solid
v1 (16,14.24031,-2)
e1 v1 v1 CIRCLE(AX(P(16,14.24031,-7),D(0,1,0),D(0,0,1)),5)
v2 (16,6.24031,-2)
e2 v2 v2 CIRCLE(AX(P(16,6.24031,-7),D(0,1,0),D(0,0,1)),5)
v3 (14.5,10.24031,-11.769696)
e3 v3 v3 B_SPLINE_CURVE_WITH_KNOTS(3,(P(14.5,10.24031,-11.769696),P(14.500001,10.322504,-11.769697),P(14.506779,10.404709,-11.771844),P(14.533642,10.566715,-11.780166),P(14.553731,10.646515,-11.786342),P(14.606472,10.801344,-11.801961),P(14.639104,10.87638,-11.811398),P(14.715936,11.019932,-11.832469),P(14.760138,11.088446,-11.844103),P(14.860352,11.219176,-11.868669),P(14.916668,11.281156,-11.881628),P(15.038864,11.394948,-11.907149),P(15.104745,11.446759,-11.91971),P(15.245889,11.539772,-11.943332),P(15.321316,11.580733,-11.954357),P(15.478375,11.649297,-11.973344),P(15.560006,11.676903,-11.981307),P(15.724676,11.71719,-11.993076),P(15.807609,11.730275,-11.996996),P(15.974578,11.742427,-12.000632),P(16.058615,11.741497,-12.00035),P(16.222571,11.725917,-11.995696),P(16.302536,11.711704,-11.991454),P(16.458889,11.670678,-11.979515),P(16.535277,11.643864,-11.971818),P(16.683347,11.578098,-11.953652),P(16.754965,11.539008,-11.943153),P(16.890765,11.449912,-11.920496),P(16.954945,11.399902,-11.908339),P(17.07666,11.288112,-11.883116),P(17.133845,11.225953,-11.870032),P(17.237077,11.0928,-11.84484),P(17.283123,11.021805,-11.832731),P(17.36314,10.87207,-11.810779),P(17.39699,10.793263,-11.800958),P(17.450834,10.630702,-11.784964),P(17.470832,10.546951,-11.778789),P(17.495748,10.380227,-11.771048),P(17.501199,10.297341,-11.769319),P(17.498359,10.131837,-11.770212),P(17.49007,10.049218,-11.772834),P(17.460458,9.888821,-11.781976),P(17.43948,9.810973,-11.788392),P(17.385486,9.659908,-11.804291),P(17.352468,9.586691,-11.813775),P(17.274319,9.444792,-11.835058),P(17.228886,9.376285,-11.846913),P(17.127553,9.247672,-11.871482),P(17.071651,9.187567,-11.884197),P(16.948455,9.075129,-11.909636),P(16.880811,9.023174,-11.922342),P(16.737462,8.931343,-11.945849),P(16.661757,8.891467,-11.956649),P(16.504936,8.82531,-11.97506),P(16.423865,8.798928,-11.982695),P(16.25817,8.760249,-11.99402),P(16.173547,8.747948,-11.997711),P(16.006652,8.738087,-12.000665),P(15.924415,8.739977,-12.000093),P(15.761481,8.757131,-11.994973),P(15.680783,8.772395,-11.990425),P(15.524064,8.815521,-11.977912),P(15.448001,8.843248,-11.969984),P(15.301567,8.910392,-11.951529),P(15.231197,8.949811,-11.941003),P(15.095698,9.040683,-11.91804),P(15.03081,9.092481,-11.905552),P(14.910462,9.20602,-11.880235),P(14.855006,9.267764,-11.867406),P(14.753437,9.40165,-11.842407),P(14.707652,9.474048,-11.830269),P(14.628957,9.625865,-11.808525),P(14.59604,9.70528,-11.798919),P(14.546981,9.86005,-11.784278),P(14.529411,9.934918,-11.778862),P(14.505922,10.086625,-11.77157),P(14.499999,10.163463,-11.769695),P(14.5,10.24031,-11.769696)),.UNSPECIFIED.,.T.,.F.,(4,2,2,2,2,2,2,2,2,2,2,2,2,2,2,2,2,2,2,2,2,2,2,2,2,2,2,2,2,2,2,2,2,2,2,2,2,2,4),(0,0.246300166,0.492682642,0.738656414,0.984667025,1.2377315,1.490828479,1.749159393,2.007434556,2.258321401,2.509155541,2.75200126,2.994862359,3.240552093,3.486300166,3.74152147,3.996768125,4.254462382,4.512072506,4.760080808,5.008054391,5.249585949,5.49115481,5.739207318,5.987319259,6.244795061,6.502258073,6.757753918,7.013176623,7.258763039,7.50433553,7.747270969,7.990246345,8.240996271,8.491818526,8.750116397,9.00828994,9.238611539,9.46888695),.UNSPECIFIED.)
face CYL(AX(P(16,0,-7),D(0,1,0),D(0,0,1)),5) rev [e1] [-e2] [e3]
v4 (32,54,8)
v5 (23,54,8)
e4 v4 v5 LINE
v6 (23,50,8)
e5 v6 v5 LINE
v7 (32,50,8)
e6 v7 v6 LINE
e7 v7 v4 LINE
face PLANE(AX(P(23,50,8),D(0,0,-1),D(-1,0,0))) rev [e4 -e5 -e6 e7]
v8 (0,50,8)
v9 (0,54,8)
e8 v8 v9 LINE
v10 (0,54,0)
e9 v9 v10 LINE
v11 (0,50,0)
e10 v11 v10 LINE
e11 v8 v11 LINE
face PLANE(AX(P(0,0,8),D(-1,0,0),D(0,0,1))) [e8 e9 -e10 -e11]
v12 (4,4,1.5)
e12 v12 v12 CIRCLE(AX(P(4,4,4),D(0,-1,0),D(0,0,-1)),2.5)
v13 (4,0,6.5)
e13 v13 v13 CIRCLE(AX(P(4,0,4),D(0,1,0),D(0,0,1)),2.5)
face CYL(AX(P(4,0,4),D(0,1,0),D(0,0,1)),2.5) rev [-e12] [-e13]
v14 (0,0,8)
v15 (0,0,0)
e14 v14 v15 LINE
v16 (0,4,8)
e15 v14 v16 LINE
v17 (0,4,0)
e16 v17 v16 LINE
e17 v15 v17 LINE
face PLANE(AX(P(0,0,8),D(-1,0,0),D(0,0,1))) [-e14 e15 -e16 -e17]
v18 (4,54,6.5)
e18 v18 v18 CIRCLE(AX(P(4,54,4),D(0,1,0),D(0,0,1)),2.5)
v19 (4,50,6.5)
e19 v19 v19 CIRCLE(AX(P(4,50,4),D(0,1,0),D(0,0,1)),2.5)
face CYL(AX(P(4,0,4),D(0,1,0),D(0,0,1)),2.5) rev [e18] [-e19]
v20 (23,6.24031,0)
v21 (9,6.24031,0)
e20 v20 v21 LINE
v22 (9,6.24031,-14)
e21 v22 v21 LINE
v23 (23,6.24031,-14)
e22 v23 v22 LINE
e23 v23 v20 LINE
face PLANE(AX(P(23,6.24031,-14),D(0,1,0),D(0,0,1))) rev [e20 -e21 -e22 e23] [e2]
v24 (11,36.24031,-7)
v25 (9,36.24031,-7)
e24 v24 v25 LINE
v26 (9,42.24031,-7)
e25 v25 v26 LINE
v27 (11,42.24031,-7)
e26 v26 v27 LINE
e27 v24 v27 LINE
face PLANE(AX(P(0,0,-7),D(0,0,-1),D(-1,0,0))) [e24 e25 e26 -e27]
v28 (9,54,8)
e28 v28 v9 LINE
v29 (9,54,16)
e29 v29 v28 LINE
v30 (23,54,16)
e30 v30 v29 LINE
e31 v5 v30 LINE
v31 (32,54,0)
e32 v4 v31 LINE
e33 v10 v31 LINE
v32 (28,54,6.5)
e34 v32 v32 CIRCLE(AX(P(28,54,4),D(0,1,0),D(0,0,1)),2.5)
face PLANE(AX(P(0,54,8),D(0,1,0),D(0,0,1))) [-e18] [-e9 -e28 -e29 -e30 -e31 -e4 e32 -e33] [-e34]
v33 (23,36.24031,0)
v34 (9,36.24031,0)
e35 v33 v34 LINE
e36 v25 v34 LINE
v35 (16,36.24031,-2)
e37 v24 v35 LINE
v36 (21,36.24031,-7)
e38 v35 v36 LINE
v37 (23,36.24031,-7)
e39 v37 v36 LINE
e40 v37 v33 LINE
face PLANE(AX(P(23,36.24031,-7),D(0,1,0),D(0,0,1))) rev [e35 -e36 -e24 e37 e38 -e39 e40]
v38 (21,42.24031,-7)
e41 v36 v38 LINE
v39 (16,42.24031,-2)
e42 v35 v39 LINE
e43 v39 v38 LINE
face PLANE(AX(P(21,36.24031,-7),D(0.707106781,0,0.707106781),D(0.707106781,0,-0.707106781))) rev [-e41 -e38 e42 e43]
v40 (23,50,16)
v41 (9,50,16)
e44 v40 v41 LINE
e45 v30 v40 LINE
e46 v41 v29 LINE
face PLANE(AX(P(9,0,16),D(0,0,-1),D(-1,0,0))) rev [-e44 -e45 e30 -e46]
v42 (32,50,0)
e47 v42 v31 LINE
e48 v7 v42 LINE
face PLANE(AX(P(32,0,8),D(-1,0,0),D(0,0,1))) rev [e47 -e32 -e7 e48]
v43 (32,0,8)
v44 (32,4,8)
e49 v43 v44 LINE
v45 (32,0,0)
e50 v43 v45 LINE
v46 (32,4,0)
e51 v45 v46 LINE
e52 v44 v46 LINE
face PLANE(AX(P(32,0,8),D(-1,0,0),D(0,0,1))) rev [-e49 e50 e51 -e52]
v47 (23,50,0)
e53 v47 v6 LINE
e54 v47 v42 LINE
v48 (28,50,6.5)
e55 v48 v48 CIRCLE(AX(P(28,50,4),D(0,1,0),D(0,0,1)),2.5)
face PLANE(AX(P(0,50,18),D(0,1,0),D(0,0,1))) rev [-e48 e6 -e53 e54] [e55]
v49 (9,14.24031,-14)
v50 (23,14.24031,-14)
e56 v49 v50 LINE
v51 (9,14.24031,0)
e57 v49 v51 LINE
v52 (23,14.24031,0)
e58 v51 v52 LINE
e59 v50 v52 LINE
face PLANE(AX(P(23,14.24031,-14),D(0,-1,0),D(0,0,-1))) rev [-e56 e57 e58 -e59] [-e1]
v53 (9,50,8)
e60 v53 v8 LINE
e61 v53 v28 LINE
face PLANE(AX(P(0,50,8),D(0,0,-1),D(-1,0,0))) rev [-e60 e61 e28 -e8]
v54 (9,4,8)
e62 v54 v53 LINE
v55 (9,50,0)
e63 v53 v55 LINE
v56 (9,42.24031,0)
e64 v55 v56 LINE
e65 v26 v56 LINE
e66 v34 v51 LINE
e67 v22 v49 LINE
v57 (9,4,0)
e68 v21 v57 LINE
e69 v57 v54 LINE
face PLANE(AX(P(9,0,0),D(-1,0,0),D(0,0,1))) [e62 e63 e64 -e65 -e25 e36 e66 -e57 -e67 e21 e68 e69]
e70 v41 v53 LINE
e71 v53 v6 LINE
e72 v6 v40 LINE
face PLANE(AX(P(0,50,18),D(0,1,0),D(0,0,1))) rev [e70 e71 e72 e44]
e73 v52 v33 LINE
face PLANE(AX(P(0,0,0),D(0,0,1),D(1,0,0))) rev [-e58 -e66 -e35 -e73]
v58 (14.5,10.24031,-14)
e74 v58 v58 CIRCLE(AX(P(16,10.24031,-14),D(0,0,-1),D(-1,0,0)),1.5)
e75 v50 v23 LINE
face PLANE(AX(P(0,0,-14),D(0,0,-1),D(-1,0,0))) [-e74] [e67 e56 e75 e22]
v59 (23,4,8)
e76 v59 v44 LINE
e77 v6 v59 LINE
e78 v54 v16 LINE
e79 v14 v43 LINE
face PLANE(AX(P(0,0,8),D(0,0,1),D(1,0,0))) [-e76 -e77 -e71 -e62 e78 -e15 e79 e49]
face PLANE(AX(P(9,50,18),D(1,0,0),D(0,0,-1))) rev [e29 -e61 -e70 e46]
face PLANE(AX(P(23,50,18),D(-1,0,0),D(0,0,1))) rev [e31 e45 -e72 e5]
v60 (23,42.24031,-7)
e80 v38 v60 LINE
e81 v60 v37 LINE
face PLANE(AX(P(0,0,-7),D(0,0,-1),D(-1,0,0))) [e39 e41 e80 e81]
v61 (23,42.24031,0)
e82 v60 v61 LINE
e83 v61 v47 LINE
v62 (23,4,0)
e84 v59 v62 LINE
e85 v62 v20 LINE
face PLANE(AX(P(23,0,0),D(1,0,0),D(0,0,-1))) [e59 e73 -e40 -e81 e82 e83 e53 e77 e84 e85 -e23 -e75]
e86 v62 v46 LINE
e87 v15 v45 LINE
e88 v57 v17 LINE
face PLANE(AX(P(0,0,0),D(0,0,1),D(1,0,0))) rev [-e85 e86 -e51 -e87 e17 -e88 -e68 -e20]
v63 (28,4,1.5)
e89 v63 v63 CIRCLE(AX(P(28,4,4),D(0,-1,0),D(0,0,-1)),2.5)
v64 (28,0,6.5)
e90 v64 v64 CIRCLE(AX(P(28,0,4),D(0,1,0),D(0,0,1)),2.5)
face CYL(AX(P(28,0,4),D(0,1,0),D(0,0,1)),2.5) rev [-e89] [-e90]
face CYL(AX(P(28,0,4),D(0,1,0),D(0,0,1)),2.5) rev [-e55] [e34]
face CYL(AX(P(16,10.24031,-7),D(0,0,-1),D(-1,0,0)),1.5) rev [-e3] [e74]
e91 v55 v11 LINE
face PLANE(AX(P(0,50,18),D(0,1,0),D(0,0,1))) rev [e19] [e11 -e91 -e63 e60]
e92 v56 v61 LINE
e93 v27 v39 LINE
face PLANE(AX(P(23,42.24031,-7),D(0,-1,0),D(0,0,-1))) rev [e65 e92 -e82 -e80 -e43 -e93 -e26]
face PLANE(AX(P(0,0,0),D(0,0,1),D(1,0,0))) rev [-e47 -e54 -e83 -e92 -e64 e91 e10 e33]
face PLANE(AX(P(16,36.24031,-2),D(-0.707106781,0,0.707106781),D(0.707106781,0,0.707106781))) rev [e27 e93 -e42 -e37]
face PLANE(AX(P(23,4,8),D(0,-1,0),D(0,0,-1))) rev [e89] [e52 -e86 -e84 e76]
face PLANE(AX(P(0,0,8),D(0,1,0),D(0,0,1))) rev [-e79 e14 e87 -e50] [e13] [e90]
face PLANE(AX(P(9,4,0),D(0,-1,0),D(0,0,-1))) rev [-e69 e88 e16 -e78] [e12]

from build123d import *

# Parameters (mm, degrees)
ESQUISSE1_W             = 32
ESQUISSE1_H             = 54
BOSS_EXTRU_1_DEPTH      = 8
ESQUISSE2_W             = 32
ESQUISSE2_H             = 4
BOSS_EXTRU_2_DEPTH      = 10
ESQUISSE3_W             = 8
ESQUISSE3_H             = 46
ENL_V_MAT_EXTRU_1_DEPTH = 9
ESQUISSE4_W             = 8
ESQUISSE4_H             = 46
ENL_V_MAT_EXTRU_2_DEPTH = 9
ESQUISSE5_R             = 2.5
ENL_V_MAT_EXTRU_3_DEPTH = 54
ESQUISSE6_W             = 14
ESQUISSE6_H             = 8
BOSS_EXTRU_3_DEPTH      = 14
ESQUISSE9_W             = 9
ESQUISSE9_H             = 10
ENL_V_MAT_EXTRU_6_DEPTH = 4
ESQUISSE10_W            = 14
ESQUISSE10_H            = 6
BOSS_EXTRU_4_DEPTH      = 7
ESQUISSE7_R             = 5
ENL_V_MAT_EXTRU_4_DEPTH = 55.118693403
ESQUISSE8_R             = 1.5
ENL_V_MAT_EXTRU_5_DEPTH = 7
ENL_V_MAT_EXTRU_7_DEPTH = 6
ESQUISSE12_W            = 14
ESQUISSE12_H            = 2
ENL_V_MAT_EXTRU_8_DEPTH = 66.299310869


with BuildPart() as part:
    # Esquisse1 → Boss.-Extru.1 (new body)
    with BuildSketch(Plane.XY):
        with Locations((16, 27)):
            Rectangle(ESQUISSE1_W, ESQUISSE1_H)
    extrude(amount=BOSS_EXTRU_1_DEPTH)

    # Esquisse2 → Boss.-Extru.2 (add)
    with BuildSketch(Plane.XY.offset(8)):
        with Locations((16, 52)):
            Rectangle(ESQUISSE2_W, ESQUISSE2_H)
    extrude(amount=BOSS_EXTRU_2_DEPTH)

    # Esquisse3 → Enlèv. mat.-Extru.1 (cut)
    with BuildSketch(Plane(origin=(32, 0, 0), x_dir=(0, 0, -1), z_dir=(1, 0, 0))):
        with Locations((-4, 27)):
            Rectangle(ESQUISSE3_W, ESQUISSE3_H)
    extrude(amount=-ENL_V_MAT_EXTRU_1_DEPTH, mode=Mode.SUBTRACT)

    # Esquisse4 → Enlèv. mat.-Extru.2 (cut)
    with BuildSketch(Plane.ZY):
        with Locations((4, 27)):
            Rectangle(ESQUISSE4_W, ESQUISSE4_H)
    extrude(amount=-ENL_V_MAT_EXTRU_2_DEPTH, mode=Mode.SUBTRACT)

    # Esquisse5 → Enlèv. mat.-Extru.3 (cut)
    with BuildSketch(Plane(origin=(0, 54, 0), x_dir=(1, 0, 0), z_dir=(0, 1, 0))):
        with Locations(Location((4, -4, 0), (0, 0, 270))):
            Circle(ESQUISSE5_R)
        with Locations(Location((28, -4, 0), (0, 0, 270))):
            Circle(ESQUISSE5_R)
    extrude(amount=-ENL_V_MAT_EXTRU_3_DEPTH, mode=Mode.SUBTRACT)

    # Esquisse6 → Boss.-Extru.3 (add)
    with BuildSketch(Plane(origin=(0, 0, 0), x_dir=(-1, 0, 0), z_dir=(0, 0, -1))):
        with Locations((-16, 10.240309664)):
            Rectangle(ESQUISSE6_W, ESQUISSE6_H)
    extrude(amount=BOSS_EXTRU_3_DEPTH)

    # Esquisse9 → Enlèv. mat.-Extru.6 (cut)
    with BuildSketch(Plane(origin=(0, 54, 0), x_dir=(1, 0, 0), z_dir=(0, 1, 0))):
        with Locations((27.5, -13)):
            Rectangle(ESQUISSE9_W, ESQUISSE9_H)
        with Locations((4.5, -13)):
            Rectangle(ESQUISSE9_W, ESQUISSE9_H)
    extrude(amount=-ENL_V_MAT_EXTRU_6_DEPTH, mode=Mode.SUBTRACT)

    # Esquisse10 → Boss.-Extru.4 (add)
    with BuildSketch(Plane(origin=(0, 0, 0), x_dir=(-1, 0, 0), z_dir=(0, 0, -1))):
        with Locations((-16, 39.240309664)):
            Rectangle(ESQUISSE10_W, ESQUISSE10_H)
    extrude(amount=BOSS_EXTRU_4_DEPTH)

    # Esquisse7 → Enlèv. mat.-Extru.4 (cut, through all)
    with BuildSketch(Plane(origin=(0, 14.240309664, 0), x_dir=(1, 0, 0), z_dir=(0, 1, 0))):
        with Locations(Location((16, 7, 0), (0, 0, 270))):
            Circle(ESQUISSE7_R)
    extrude(amount=-ENL_V_MAT_EXTRU_4_DEPTH, mode=Mode.SUBTRACT)

    # Esquisse8 → Enlèv. mat.-Extru.5 (cut)
    with BuildSketch(Plane(origin=(0, 0, -14), x_dir=(-1, 0, 0), z_dir=(0, 0, -1))):
        with Locations((-16, 10.240309664)):
            Circle(ESQUISSE8_R)
    extrude(amount=-ENL_V_MAT_EXTRU_5_DEPTH, mode=Mode.SUBTRACT)

    # Esquisse11 → Enlèv. mat.-Extru.7 (cut)
    with BuildSketch(Plane(origin=(0, 42.240309664, 0), x_dir=(1, 0, 0), z_dir=(0, 1, 0))):
        Polygon((21, 7), (16, 2), (11, 7), align=None)
    extrude(amount=-ENL_V_MAT_EXTRU_7_DEPTH, mode=Mode.SUBTRACT)

    # Esquisse12 → Enlèv. mat.-Extru.8 (cut, through all)
    with BuildSketch(Plane(origin=(0, 54, 0), x_dir=(1, 0, 0), z_dir=(0, 1, 0))):
        with Locations((16, -17)):
            Rectangle(ESQUISSE12_W, ESQUISSE12_H)
    extrude(amount=-ENL_V_MAT_EXTRU_8_DEPTH, mode=Mode.SUBTRACT)


solid = part.part
